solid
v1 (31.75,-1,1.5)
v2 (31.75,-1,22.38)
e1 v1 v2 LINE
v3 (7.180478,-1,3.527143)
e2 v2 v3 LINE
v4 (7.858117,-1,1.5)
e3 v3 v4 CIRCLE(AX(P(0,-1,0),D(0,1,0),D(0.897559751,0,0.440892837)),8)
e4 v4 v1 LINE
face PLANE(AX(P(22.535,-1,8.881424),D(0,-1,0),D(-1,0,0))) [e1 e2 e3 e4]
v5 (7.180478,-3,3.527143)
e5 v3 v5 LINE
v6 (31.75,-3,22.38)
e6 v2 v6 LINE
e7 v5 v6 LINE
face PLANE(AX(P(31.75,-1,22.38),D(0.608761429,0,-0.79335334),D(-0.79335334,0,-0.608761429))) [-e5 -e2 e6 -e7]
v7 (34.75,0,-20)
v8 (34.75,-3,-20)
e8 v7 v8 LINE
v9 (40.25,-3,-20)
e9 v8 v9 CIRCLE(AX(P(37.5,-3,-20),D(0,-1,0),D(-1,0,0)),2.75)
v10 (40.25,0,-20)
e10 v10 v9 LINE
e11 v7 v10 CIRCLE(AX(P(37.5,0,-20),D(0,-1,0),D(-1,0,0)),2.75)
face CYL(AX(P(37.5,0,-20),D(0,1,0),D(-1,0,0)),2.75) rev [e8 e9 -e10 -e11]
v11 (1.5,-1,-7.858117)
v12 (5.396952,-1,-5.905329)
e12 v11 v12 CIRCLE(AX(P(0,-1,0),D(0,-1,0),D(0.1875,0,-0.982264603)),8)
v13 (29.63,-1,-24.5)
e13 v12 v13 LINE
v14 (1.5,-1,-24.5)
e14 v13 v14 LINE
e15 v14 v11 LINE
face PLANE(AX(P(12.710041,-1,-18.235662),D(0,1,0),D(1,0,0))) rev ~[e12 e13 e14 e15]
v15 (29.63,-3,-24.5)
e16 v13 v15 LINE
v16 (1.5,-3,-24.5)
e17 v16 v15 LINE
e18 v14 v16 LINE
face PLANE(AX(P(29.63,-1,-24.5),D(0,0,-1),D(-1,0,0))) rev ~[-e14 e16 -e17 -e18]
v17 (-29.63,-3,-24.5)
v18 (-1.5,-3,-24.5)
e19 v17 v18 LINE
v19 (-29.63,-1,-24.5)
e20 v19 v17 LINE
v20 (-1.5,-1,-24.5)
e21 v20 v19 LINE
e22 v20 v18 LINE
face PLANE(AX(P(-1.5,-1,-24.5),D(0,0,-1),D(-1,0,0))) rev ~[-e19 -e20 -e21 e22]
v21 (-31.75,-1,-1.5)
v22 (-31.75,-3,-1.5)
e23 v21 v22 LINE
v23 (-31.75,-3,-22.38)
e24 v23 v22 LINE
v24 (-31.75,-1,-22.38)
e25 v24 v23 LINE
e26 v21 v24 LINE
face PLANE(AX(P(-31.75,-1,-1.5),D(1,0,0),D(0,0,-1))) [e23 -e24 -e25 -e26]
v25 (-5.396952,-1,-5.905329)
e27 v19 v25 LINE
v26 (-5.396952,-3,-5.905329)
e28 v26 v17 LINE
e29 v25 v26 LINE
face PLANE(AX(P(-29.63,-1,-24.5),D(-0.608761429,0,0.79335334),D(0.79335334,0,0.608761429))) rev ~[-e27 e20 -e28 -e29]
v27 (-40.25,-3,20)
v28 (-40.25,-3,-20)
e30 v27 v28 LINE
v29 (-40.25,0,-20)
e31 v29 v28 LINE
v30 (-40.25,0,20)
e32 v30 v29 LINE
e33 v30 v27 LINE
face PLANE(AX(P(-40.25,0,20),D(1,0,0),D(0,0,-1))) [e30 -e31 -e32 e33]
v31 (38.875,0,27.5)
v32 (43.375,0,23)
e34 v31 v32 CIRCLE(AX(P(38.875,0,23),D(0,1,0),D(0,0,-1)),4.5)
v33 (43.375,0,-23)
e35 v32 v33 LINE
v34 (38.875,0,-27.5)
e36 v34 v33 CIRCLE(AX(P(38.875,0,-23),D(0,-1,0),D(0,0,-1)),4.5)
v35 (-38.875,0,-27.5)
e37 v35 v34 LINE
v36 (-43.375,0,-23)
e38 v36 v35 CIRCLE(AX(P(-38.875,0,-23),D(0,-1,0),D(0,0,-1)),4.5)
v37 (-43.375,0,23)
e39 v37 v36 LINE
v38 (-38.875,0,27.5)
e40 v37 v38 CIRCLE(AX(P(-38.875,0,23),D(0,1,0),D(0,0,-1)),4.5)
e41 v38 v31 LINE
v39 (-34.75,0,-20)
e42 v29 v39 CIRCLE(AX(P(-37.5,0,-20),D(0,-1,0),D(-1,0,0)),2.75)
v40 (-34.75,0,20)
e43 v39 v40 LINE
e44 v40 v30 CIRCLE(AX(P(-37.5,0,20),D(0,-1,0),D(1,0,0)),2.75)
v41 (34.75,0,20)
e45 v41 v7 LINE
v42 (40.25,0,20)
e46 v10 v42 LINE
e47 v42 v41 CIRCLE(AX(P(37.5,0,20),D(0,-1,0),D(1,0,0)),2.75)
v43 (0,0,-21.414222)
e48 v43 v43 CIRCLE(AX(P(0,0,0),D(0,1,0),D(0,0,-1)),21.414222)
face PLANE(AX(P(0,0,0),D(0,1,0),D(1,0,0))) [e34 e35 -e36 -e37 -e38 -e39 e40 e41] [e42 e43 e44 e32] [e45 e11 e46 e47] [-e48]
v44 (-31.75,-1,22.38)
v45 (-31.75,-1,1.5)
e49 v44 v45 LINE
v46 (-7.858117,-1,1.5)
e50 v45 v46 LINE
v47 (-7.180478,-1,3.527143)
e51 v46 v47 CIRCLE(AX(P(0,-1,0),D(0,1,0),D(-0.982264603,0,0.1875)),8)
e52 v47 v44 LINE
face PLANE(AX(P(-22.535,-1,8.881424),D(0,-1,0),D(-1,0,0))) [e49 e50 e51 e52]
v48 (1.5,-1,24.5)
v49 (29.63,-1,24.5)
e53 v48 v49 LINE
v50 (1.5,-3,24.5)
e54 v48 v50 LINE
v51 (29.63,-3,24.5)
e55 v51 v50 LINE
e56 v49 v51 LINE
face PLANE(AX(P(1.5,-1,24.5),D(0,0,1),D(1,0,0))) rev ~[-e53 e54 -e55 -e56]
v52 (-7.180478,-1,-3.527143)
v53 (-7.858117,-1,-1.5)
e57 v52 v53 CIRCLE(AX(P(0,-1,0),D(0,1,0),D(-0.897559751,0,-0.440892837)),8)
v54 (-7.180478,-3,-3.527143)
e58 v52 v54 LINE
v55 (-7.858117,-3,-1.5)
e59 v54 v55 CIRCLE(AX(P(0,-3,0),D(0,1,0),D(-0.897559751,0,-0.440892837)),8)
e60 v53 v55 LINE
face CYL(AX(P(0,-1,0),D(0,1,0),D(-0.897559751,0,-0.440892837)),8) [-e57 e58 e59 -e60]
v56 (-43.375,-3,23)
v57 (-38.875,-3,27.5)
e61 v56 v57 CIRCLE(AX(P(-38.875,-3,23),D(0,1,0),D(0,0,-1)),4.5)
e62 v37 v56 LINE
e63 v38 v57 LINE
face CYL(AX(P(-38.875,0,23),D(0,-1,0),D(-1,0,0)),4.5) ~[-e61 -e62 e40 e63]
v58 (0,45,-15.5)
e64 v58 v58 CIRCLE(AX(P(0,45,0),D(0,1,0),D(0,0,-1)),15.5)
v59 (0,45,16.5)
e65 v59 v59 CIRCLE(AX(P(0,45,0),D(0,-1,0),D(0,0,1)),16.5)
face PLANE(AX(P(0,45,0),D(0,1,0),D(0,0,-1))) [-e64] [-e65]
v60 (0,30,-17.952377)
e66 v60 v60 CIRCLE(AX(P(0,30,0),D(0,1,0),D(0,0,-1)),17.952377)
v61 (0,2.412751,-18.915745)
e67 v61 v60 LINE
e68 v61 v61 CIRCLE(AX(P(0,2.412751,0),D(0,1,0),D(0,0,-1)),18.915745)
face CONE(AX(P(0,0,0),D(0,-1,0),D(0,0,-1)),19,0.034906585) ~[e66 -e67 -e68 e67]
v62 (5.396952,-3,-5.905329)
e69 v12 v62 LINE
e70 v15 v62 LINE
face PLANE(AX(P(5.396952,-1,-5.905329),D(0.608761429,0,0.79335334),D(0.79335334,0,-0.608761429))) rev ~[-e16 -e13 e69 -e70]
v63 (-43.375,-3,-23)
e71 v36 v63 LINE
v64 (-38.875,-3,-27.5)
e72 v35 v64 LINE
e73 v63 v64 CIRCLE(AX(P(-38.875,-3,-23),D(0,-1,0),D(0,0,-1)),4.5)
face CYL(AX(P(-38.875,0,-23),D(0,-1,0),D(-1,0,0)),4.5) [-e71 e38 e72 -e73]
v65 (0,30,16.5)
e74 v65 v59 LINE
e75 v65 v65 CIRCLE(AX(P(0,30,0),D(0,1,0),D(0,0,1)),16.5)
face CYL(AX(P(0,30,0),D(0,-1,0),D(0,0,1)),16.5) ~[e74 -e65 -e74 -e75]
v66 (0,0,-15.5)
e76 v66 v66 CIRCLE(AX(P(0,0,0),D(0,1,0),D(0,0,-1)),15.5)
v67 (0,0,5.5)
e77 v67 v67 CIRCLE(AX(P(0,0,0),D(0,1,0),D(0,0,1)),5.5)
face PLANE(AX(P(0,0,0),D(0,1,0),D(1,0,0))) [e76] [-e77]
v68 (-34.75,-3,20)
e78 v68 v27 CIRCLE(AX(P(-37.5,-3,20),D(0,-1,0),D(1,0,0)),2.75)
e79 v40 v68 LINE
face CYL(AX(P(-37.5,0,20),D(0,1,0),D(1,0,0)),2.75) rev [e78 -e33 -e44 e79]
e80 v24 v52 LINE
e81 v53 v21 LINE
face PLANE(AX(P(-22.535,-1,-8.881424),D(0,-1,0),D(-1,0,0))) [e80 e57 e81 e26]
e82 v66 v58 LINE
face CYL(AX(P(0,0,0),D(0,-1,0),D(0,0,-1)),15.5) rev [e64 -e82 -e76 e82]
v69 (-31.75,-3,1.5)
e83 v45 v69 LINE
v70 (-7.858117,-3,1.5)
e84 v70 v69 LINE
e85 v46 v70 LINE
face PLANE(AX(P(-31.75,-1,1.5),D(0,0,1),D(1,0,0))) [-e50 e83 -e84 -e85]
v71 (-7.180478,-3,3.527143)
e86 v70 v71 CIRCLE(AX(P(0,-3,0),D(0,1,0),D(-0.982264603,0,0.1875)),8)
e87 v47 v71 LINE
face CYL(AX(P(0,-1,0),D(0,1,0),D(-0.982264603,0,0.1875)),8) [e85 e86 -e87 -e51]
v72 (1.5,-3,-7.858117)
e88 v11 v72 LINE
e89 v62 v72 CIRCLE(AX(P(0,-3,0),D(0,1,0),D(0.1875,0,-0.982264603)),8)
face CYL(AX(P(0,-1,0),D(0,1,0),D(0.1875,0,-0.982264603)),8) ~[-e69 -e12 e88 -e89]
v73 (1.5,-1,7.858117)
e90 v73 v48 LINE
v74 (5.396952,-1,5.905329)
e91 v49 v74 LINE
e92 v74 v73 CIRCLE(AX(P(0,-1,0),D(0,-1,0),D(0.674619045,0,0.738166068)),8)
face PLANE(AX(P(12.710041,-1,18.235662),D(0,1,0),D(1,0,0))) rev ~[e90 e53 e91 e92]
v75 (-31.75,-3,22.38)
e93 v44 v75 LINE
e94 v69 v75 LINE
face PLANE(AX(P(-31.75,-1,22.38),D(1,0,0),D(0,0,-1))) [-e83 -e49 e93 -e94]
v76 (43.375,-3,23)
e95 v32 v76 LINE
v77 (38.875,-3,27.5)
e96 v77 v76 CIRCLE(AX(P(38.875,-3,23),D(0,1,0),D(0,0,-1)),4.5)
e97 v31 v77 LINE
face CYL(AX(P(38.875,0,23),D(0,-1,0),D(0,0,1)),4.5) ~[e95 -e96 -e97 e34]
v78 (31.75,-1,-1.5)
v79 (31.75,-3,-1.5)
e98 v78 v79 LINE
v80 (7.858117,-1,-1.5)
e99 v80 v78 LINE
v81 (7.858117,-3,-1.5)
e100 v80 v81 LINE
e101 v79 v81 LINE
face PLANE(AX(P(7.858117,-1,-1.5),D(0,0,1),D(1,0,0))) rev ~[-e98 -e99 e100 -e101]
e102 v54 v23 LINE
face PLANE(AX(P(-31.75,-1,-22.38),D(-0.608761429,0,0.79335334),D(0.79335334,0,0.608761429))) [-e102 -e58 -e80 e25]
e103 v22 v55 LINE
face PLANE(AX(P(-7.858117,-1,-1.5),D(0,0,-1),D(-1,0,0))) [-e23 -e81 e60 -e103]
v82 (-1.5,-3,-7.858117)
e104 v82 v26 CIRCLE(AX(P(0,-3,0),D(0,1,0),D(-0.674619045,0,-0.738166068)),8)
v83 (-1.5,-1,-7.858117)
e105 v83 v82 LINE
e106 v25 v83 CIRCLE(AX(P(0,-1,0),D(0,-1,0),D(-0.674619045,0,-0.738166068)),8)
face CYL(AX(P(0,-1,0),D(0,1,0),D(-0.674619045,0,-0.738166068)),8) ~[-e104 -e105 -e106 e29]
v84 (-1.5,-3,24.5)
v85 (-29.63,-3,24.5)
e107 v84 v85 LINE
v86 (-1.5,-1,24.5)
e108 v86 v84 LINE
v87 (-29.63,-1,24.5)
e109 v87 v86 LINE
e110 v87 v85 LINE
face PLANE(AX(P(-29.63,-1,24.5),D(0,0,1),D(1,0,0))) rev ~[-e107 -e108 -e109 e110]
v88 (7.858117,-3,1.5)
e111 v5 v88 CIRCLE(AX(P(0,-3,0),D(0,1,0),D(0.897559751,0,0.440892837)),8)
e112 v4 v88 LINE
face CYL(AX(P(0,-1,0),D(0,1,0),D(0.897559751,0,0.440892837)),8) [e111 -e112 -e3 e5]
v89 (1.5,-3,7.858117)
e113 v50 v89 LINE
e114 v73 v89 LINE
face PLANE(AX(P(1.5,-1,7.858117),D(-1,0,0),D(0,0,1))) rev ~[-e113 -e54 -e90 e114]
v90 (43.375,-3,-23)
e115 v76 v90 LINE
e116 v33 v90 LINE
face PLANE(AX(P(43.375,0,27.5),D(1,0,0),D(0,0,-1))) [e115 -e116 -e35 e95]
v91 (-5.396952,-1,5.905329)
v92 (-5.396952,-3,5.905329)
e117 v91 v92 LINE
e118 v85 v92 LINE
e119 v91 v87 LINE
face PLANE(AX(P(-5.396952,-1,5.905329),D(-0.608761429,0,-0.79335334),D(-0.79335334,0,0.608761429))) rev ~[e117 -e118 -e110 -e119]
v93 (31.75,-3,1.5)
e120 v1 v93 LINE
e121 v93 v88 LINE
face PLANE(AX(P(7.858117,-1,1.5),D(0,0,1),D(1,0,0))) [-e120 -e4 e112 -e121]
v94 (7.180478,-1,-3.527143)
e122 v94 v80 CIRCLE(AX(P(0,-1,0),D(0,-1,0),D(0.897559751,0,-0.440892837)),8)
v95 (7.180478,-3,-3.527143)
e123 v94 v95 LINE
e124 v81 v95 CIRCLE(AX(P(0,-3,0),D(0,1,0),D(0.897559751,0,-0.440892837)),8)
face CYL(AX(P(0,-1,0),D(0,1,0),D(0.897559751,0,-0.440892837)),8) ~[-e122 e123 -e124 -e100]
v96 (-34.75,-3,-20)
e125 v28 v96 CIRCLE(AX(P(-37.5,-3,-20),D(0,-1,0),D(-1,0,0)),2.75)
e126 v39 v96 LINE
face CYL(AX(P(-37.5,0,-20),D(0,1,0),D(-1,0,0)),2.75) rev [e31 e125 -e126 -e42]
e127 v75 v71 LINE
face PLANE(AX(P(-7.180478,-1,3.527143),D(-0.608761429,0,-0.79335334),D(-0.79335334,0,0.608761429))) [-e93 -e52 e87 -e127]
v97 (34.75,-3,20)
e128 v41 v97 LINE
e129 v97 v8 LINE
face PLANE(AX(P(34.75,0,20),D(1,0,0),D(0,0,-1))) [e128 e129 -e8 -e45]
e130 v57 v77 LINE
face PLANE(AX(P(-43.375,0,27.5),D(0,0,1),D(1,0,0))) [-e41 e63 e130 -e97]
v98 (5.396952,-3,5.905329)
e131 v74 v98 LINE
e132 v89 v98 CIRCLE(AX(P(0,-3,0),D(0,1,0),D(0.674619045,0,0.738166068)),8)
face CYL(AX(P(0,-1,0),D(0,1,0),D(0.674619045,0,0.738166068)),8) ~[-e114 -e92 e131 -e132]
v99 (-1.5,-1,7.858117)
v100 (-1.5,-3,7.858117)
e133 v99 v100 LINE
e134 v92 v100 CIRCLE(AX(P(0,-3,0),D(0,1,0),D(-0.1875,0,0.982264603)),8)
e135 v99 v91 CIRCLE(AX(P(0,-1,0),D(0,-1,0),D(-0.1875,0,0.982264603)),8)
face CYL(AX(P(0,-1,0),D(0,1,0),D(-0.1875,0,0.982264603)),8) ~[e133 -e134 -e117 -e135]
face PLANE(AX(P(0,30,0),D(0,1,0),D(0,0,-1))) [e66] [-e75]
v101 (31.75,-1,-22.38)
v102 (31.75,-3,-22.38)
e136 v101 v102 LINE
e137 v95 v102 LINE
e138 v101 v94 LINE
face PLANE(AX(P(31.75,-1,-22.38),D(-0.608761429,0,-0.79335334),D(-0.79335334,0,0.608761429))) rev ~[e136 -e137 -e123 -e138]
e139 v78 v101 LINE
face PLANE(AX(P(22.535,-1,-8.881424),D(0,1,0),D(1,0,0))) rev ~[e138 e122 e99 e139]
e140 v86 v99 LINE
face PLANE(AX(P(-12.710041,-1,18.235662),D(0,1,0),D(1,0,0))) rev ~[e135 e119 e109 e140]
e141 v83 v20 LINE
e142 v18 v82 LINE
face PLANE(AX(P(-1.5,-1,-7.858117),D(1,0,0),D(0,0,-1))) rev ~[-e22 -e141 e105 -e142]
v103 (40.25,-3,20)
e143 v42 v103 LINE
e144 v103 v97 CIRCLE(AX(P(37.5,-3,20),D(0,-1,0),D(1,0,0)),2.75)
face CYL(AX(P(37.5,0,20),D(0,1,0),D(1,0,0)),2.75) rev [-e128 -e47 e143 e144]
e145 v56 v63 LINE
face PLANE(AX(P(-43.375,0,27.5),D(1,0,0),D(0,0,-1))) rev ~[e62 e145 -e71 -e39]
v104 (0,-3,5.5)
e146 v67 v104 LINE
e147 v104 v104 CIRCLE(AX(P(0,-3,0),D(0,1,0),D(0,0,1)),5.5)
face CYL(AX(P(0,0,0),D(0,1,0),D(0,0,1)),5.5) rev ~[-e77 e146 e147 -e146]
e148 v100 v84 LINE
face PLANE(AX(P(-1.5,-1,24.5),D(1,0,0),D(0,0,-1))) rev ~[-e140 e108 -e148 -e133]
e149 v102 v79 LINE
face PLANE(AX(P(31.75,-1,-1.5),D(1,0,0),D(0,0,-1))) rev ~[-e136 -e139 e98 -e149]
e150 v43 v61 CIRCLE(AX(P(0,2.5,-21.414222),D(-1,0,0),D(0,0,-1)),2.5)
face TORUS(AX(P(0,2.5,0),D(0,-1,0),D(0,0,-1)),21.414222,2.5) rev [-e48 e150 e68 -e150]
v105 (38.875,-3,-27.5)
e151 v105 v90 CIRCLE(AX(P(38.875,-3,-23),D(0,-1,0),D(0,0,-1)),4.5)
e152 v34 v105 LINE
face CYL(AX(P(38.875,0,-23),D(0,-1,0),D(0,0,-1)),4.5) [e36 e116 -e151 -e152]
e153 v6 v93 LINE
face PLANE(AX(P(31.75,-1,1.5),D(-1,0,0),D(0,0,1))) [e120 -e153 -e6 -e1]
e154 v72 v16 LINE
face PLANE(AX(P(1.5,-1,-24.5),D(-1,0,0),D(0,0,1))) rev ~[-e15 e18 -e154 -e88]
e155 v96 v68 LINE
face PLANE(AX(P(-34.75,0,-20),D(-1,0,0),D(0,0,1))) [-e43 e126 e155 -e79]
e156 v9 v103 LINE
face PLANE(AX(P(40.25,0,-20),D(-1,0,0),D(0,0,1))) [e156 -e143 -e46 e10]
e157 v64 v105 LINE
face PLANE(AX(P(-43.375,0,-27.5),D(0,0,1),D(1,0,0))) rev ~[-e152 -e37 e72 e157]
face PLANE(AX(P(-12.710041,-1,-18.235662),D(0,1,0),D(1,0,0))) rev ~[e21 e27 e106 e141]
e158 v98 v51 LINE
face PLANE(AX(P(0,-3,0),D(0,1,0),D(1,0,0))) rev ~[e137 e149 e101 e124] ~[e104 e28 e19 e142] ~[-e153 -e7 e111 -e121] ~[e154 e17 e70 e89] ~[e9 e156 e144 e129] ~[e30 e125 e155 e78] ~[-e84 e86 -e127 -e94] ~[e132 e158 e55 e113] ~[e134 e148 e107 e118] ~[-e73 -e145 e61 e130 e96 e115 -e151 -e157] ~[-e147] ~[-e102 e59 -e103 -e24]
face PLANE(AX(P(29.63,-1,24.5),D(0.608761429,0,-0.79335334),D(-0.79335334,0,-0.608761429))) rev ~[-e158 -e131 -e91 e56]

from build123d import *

# Parameters (mm, degrees)
SKETCH1_W           = 86.75
SKETCH1_H           = 55
SKETCH1_R           = 5.5
BOSS_EXTRUDE1_DEPTH = 3
FILLET1_R           = 4.5
SKETCH6_R           = 19
SKETCH6_R_2         = 15.5
BOSS_EXTRUDE3_DEPTH = 45
CUT_EXTRUDE1_REACH  = 71.284
CUT_EXTRUDE1_START  = -1
CUT_EXTRUDE3_REACH  = 63.046
SKETCH12_R          = 19
SKETCH12_R_2        = 16.5
DRAFT8_ANGLE        = 2
FILLET3_R           = 2.5


with BuildPart() as part:
    # Sketch1 → Boss-Extrude1 (new body)
    with BuildSketch(Plane(origin=(0, 0, 0), x_dir=(1, 0, 0), z_dir=(0, 1, 0))):
        Rectangle(SKETCH1_W, SKETCH1_H)
        with Locations(Location((0, 0, 0), (0, 0, 270))):
            Circle(SKETCH1_R, mode=Mode.SUBTRACT)
        with BuildLine():
            Line((-34.75, 20), (-34.75, -20))
            ThreePointArc((-34.75, -20), (-37.5, -22.75), (-40.25, -20))
            Line((-40.25, -20), (-40.25, 20))
            ThreePointArc((-40.25, 20), (-37.5, 22.75), (-34.75, 20))
        make_face(mode=Mode.SUBTRACT)
        with BuildLine():
            Line((40.25, 20), (40.25, -20))
            ThreePointArc((40.25, -20), (37.5, -22.75), (34.75, -20))
            Line((34.75, -20), (34.75, 20))
            ThreePointArc((34.75, 20), (37.5, 22.75), (40.25, 20))
        make_face(mode=Mode.SUBTRACT)
    extrude(amount=-BOSS_EXTRUDE1_DEPTH)

    # Fillet1
    fillet1_edges = [part.edges().sort_by_distance(p)[0] for p in [
        (-43.375, -1.5, -27.5),
        (43.375, -1.5, -27.5),
        (43.375, -1.5, 27.5),
        (-43.375, -1.5, 27.5),
    ]]
    fillet(fillet1_edges, radius=FILLET1_R)

    # Sketch6 → Boss-Extrude3 (add)
    with BuildSketch(Plane(origin=(0, 0, 0), x_dir=(1, 0, 0), z_dir=(0, 1, 0))):
        with Locations(Location((0, 0, 0), (0, 0, 90))):
            Circle(SKETCH6_R)
        with Locations(Location((0, 0, 0), (0, 0, 90))):
            Circle(SKETCH6_R_2, mode=Mode.SUBTRACT)
    extrude(amount=BOSS_EXTRUDE3_DEPTH)

    # Sketch9 → Cut-Extrude1 (cut, up to next)
    with BuildSketch(Plane(origin=(0, 0, 0), x_dir=(1, 0, 0), z_dir=(0, 1, 0)).offset(CUT_EXTRUDE1_START), mode=Mode.PRIVATE) as cut_extrude1_sk1:
        with BuildLine():
            Line((-31.75, -22.38), (-31.75, -1.5))
            Line((-31.75, -1.5), (-7.858116823, -1.5))
            ThreePointArc((-7.858116823, -1.5), (-7.587302584, -2.536304301), (-7.180478008, -3.527142694))
            Line((-7.180478008, -3.527142694), (-31.75, -22.38))
        make_face()
    cut_extrude1_tool1 = extrude(cut_extrude1_sk1.sketch, amount=-CUT_EXTRUDE1_REACH, mode=Mode.PRIVATE) & part.part
    # Sketch9 → Cut-Extrude1 (cut, up to next)
    with BuildSketch(Plane(origin=(0, 0, 0), x_dir=(1, 0, 0), z_dir=(0, 1, 0)).offset(CUT_EXTRUDE1_START), mode=Mode.PRIVATE) as cut_extrude1_sk2:
        with BuildLine():
            Line((-31.75, 22.38), (-7.180478008, 3.527142694))
            ThreePointArc((-7.180478008, 3.527142694), (-7.587302584, 2.536304301), (-7.858116823, 1.5))
            Line((-7.858116823, 1.5), (-31.75, 1.5))
            Line((-31.75, 1.5), (-31.75, 22.38))
        make_face()
    cut_extrude1_tool2 = extrude(cut_extrude1_sk2.sketch, amount=-CUT_EXTRUDE1_REACH, mode=Mode.PRIVATE) & part.part
    # Sketch9 → Cut-Extrude1 (cut, up to next)
    with BuildSketch(Plane(origin=(0, 0, 0), x_dir=(1, 0, 0), z_dir=(0, 1, 0)).offset(CUT_EXTRUDE1_START), mode=Mode.PRIVATE) as cut_extrude1_sk3:
        with BuildLine():
            Line((-29.63, -24.5), (-1.5, -24.5))
            Line((-1.5, -24.5), (-1.5, -7.858116823))
            ThreePointArc((-1.5, -7.858116823), (-3.584038711, -7.152249053), (-5.39695236, -5.905328545))
            Line((-5.39695236, -5.905328545), (-29.63, -24.5))
        make_face()
    cut_extrude1_tool3 = extrude(cut_extrude1_sk3.sketch, amount=-CUT_EXTRUDE1_REACH, mode=Mode.PRIVATE) & part.part
    # Sketch9 → Cut-Extrude1 (cut, up to next)
    with BuildSketch(Plane(origin=(0, 0, 0), x_dir=(1, 0, 0), z_dir=(0, 1, 0)).offset(CUT_EXTRUDE1_START), mode=Mode.PRIVATE) as cut_extrude1_sk4:
        with BuildLine():
            Line((29.63, -24.5), (5.39695236, -5.905328545))
            ThreePointArc((5.39695236, -5.905328545), (3.584038711, -7.152249053), (1.5, -7.858116823))
            Line((1.5, -7.858116823), (1.5, -24.5))
            Line((1.5, -24.5), (29.63, -24.5))
        make_face()
    cut_extrude1_tool4 = extrude(cut_extrude1_sk4.sketch, amount=-CUT_EXTRUDE1_REACH, mode=Mode.PRIVATE) & part.part
    # Sketch9 → Cut-Extrude1 (cut, up to next)
    with BuildSketch(Plane(origin=(0, 0, 0), x_dir=(1, 0, 0), z_dir=(0, 1, 0)).offset(CUT_EXTRUDE1_START), mode=Mode.PRIVATE) as cut_extrude1_sk5:
        with BuildLine():
            Line((1.5, 24.5), (1.5, 7.858116823))
            ThreePointArc((1.5, 7.858116823), (3.584038711, 7.152249053), (5.39695236, 5.905328545))
            Line((5.39695236, 5.905328545), (29.63, 24.5))
            Line((29.63, 24.5), (1.5, 24.5))
        make_face()
    cut_extrude1_tool5 = extrude(cut_extrude1_sk5.sketch, amount=-CUT_EXTRUDE1_REACH, mode=Mode.PRIVATE) & part.part
    # Sketch9 → Cut-Extrude1 (cut, up to next)
    with BuildSketch(Plane(origin=(0, 0, 0), x_dir=(1, 0, 0), z_dir=(0, 1, 0)).offset(CUT_EXTRUDE1_START), mode=Mode.PRIVATE) as cut_extrude1_sk6:
        with BuildLine():
            Line((-29.63, 24.5), (-5.39695236, 5.905328545))
            ThreePointArc((-5.39695236, 5.905328545), (-3.584038711, 7.152249053), (-1.5, 7.858116823))
            Line((-1.5, 7.858116823), (-1.5, 24.5))
            Line((-1.5, 24.5), (-29.63, 24.5))
        make_face()
    cut_extrude1_tool6 = extrude(cut_extrude1_sk6.sketch, amount=-CUT_EXTRUDE1_REACH, mode=Mode.PRIVATE) & part.part
    # Sketch9 → Cut-Extrude1 (cut, up to next)
    with BuildSketch(Plane(origin=(0, 0, 0), x_dir=(1, 0, 0), z_dir=(0, 1, 0)).offset(CUT_EXTRUDE1_START), mode=Mode.PRIVATE) as cut_extrude1_sk7:
        with BuildLine():
            Line((31.75, 1.5), (31.75, 22.38))
            Line((31.75, 22.38), (7.180478008, 3.527142694))
            ThreePointArc((7.180478008, 3.527142694), (7.587302584, 2.536304301), (7.858116823, 1.5))
            Line((7.858116823, 1.5), (31.75, 1.5))
        make_face()
    cut_extrude1_tool7 = extrude(cut_extrude1_sk7.sketch, amount=-CUT_EXTRUDE1_REACH, mode=Mode.PRIVATE) & part.part
    # Sketch9 → Cut-Extrude1 (cut, up to next)
    with BuildSketch(Plane(origin=(0, 0, 0), x_dir=(1, 0, 0), z_dir=(0, 1, 0)).offset(CUT_EXTRUDE1_START), mode=Mode.PRIVATE) as cut_extrude1_sk8:
        with BuildLine():
            Line((31.75, -22.38), (7.180478008, -3.527142694))
            ThreePointArc((7.180478008, -3.527142694), (7.587302584, -2.536304301), (7.858116823, -1.5))
            Line((7.858116823, -1.5), (31.75, -1.5))
            Line((31.75, -1.5), (31.75, -22.38))
        make_face()
    cut_extrude1_tool8 = extrude(cut_extrude1_sk8.sketch, amount=-CUT_EXTRUDE1_REACH, mode=Mode.PRIVATE) & part.part
    add(cut_extrude1_tool1.solids().sort_by_distance((-22.878744, -1, 8.53751))[0], mode=Mode.SUBTRACT)
    add(cut_extrude1_tool2.solids().sort_by_distance((-22.878744, -1, -8.53751))[0], mode=Mode.SUBTRACT)
    add(cut_extrude1_tool3.solids().sort_by_distance((-11.164331, -1, 17.722088))[0], mode=Mode.SUBTRACT)
    add(cut_extrude1_tool4.solids().sort_by_distance((11.164331, -1, 17.722088))[0], mode=Mode.SUBTRACT)
    add(cut_extrude1_tool5.solids().sort_by_distance((11.164331, -1, -17.722088))[0], mode=Mode.SUBTRACT)
    add(cut_extrude1_tool6.solids().sort_by_distance((-11.164331, -1, -17.722088))[0], mode=Mode.SUBTRACT)
    add(cut_extrude1_tool7.solids().sort_by_distance((22.878744, -1, -8.53751))[0], mode=Mode.SUBTRACT)
    add(cut_extrude1_tool8.solids().sort_by_distance((22.878744, -1, 8.53751))[0], mode=Mode.SUBTRACT)

    # Sketch12 → Cut-Extrude3 (cut, up to next)
    with BuildSketch(Plane(origin=(0, 30, 0), x_dir=(1, 0, 0), z_dir=(0, 1, 0)), mode=Mode.PRIVATE) as cut_extrude3_sk1:
        with Locations(Location((0, 0, 0), (0, 0, 90))):
            Circle(SKETCH12_R)
        with Locations(Location((0, 0, 0), (0, 0, 270))):
            Circle(SKETCH12_R_2, mode=Mode.SUBTRACT)
    cut_extrude3_tool1 = extrude(cut_extrude3_sk1.sketch, amount=CUT_EXTRUDE3_REACH, mode=Mode.PRIVATE) & part.part
    add(cut_extrude3_tool1.solids().sort_by_distance((0, 30, 18.462599))[0], mode=Mode.SUBTRACT)

    # Draft8
    draft8_faces = [part.faces().sort_by_distance(p)[0] for p in [
        (0, 15, 19),
    ]]
    draft(draft8_faces, Plane.ZX, DRAFT8_ANGLE)

    # Fillet3
    fillet3_edges = [part.edges().sort_by_distance(p)[0] for p in [
        (0, 0, 19),
    ]]
    fillet(fillet3_edges, radius=FILLET3_R)


solid = part.part
